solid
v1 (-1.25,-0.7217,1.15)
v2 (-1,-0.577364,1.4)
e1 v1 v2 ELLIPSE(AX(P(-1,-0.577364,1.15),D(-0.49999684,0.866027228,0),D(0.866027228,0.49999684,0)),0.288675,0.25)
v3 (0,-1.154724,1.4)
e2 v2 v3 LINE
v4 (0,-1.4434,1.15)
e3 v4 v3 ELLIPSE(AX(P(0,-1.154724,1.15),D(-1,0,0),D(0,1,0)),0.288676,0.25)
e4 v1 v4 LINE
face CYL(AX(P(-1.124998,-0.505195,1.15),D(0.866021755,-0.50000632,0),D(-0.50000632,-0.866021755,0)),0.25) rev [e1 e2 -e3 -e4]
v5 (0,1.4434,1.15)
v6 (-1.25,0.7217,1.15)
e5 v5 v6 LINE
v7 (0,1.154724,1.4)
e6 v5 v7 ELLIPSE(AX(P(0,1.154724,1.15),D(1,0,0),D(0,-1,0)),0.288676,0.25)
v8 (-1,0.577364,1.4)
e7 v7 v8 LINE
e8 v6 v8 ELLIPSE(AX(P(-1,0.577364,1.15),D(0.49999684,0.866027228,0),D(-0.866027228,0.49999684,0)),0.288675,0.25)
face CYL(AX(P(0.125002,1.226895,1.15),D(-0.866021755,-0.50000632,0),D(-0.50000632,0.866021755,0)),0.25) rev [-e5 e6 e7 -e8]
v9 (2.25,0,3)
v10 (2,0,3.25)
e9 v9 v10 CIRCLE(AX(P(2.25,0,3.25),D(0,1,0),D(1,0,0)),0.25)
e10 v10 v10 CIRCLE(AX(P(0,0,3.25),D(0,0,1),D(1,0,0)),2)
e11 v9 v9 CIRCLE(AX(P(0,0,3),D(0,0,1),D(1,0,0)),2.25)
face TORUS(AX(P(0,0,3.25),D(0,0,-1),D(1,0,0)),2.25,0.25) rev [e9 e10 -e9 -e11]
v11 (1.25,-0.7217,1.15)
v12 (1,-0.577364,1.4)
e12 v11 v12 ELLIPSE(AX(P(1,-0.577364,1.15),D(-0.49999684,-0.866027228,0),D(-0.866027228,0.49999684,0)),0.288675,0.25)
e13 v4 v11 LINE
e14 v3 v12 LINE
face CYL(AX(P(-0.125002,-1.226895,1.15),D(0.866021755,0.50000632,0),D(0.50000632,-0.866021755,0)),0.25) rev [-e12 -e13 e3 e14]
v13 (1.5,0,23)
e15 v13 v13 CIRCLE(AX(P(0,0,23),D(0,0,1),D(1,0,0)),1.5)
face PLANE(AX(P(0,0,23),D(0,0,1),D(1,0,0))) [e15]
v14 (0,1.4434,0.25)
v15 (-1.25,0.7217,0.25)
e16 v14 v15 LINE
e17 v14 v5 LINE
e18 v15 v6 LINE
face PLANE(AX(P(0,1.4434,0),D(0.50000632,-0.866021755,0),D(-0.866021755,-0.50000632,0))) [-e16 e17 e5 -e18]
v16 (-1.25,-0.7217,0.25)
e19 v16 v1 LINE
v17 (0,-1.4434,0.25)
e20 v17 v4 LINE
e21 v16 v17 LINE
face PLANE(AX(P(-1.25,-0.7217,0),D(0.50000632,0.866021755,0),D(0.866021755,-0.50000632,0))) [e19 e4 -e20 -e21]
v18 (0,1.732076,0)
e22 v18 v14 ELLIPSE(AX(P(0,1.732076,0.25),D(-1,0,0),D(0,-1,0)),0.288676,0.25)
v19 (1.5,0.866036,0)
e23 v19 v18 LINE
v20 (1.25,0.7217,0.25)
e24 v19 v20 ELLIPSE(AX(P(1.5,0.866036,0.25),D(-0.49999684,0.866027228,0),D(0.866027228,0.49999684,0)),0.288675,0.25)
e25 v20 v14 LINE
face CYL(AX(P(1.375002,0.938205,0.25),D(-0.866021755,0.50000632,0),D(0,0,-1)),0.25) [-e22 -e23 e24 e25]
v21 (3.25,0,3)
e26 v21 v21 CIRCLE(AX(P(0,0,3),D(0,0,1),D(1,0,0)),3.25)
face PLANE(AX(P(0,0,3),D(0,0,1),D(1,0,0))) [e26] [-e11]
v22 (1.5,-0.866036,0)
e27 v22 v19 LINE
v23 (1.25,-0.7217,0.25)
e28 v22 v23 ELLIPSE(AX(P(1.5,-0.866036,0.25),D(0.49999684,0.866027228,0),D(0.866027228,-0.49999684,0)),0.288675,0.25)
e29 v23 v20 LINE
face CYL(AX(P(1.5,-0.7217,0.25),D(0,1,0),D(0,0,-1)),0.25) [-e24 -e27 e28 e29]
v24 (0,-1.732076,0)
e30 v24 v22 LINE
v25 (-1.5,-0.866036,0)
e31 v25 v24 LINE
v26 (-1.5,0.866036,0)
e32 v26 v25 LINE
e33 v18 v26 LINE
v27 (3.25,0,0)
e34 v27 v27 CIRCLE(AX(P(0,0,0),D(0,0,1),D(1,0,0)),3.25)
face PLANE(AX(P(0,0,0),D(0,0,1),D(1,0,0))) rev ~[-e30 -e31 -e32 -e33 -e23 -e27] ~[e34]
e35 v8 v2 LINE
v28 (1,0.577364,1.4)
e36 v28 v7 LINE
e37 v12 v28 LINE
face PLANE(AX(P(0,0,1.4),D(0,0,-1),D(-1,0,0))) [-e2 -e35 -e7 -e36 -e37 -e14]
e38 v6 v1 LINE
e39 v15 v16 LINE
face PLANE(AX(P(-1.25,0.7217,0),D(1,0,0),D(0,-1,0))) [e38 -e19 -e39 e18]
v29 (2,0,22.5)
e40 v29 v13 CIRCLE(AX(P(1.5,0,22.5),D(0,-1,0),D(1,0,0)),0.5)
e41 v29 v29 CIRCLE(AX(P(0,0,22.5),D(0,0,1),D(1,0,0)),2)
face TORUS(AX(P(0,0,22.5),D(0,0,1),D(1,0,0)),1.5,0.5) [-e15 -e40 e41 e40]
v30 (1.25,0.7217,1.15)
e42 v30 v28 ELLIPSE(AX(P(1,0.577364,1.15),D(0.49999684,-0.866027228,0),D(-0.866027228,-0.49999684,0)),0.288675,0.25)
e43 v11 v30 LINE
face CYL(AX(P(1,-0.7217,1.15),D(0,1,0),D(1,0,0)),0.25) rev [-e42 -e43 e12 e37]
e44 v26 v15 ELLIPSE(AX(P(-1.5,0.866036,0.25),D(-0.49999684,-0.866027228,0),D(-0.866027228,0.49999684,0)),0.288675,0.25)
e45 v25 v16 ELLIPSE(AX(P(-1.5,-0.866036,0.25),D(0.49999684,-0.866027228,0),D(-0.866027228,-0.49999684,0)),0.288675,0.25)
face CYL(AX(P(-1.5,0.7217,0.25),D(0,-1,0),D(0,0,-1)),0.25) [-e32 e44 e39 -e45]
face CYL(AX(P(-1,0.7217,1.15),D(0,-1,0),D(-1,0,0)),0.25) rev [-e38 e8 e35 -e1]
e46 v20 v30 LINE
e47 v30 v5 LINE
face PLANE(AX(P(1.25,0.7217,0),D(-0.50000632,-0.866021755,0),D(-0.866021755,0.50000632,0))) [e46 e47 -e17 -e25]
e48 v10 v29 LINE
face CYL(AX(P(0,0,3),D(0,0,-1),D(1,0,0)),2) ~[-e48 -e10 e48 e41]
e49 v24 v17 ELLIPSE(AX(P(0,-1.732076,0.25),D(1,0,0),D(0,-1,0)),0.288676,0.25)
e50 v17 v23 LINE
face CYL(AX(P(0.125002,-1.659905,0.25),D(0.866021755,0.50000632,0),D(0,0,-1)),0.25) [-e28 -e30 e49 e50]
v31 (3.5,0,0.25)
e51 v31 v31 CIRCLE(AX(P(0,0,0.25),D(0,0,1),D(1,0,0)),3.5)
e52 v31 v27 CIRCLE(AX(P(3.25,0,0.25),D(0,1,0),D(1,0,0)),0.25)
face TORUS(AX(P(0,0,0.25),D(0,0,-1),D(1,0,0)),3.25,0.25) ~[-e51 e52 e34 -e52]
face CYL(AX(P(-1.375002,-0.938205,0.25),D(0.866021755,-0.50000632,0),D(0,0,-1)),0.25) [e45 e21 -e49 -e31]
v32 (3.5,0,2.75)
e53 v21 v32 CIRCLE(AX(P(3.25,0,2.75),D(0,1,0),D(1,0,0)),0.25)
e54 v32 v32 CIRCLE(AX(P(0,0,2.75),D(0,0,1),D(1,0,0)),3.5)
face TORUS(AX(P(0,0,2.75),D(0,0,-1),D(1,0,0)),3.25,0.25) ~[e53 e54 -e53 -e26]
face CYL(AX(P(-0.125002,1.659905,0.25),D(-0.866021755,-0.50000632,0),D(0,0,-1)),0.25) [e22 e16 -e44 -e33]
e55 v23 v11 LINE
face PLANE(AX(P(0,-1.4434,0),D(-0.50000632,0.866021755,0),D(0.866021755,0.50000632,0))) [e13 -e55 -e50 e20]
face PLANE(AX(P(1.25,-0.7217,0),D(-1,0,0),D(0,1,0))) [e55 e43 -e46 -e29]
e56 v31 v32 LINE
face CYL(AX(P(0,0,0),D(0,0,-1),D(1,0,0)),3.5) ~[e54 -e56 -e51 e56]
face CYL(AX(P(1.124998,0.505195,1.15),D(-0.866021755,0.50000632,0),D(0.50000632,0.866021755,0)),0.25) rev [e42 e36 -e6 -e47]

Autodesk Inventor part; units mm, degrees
ref_plane "YZ Plane" through (0, 0, 0) normal (1, 0, 0) x (0, 1, 0)
ref_plane "XZ Plane" through (0, 0, 0) normal (0, 1, 0) x (-1, 0, 0)
ref_plane "XY Plane" through (0, 0, 0) normal (0, 0, 1) x (1, 0, 0)
sketch "Esquisse1" plane through (0, 0, 0) normal (0, 0, 1) x (1, 0, 0)
  circle A0 centre (0, 0) radius 3.5
  dimension "d0" = 7
extrude "Extrusion1" add sketch "Esquisse1" along normal blind 3
sketch "Esquisse2" plane through (0, 0, 3) normal (0, 0, 1) x (1, 0, 0)
  circle A0 centre (0, 0) radius 3.5 projected
  circle A1 centre (0, 0) radius 2
  dimension "d3" = 4
extrude "Extrusion2" add sketch "Esquisse2" along normal blind 20 contours A1
fillet "Congé1" radius 0.5 1 edges at (-2, 0, 23)
thread "Filetage1" size "M4x0.7" class "6g" standard "ANSI Metric M Profile" full length
fillet "Congé2" radius 0.25 2 edges at (-3.5, 0, 0) (-3.5, 0, 3)
sketch "Esquisse3" plane through (0, 0, 0) normal (0, 0, -1) x (-1, 0, 0)
  circle A0 centre (0, 0) radius 3.25 projected
  line L0 (0, 1.4434) -> (1.25, 0.7217)
  line L1 (1.25, 0.7217) -> (1.25, -0.7217)
  line L2 (1.25, -0.7217) -> (0, -1.4434)
  line L3 (0, -1.4434) -> (-1.25, -0.7217)
  line L4 (-1.25, -0.7217) -> (-1.25, 0.7217)
  line L5 (-1.25, 0.7217) -> (0, 1.4434)
  dimension "d10" = 2.5
extrude "Extrusion3" cut sketch "Esquisse3" against normal blind 1.4 contours L0 L1 L2 L3 L4 L5
fillet "Congé3" radius 0.25 12 edges at (-0.625, 1.0825, 0) (-1.25, 0, 0) (-0.625, -1.0825, 0) (0.625, -1.0825, 0) (1.25, 0, 0) (0.625, 1.0825, 0) (-0.625, 1.0825, 1.4) (0.625, 1.0825, 1.4) (1.25, 0, 1.4) (0.625, -1.0825, 1.4) (-0.625, -1.0825, 1.4) (-1.25, 0, 1.4)
fillet "Congé4" radius 0.25 1 edges at (-2, 0, 3)
properties part number "Vis-Pivot" material "Acier"
